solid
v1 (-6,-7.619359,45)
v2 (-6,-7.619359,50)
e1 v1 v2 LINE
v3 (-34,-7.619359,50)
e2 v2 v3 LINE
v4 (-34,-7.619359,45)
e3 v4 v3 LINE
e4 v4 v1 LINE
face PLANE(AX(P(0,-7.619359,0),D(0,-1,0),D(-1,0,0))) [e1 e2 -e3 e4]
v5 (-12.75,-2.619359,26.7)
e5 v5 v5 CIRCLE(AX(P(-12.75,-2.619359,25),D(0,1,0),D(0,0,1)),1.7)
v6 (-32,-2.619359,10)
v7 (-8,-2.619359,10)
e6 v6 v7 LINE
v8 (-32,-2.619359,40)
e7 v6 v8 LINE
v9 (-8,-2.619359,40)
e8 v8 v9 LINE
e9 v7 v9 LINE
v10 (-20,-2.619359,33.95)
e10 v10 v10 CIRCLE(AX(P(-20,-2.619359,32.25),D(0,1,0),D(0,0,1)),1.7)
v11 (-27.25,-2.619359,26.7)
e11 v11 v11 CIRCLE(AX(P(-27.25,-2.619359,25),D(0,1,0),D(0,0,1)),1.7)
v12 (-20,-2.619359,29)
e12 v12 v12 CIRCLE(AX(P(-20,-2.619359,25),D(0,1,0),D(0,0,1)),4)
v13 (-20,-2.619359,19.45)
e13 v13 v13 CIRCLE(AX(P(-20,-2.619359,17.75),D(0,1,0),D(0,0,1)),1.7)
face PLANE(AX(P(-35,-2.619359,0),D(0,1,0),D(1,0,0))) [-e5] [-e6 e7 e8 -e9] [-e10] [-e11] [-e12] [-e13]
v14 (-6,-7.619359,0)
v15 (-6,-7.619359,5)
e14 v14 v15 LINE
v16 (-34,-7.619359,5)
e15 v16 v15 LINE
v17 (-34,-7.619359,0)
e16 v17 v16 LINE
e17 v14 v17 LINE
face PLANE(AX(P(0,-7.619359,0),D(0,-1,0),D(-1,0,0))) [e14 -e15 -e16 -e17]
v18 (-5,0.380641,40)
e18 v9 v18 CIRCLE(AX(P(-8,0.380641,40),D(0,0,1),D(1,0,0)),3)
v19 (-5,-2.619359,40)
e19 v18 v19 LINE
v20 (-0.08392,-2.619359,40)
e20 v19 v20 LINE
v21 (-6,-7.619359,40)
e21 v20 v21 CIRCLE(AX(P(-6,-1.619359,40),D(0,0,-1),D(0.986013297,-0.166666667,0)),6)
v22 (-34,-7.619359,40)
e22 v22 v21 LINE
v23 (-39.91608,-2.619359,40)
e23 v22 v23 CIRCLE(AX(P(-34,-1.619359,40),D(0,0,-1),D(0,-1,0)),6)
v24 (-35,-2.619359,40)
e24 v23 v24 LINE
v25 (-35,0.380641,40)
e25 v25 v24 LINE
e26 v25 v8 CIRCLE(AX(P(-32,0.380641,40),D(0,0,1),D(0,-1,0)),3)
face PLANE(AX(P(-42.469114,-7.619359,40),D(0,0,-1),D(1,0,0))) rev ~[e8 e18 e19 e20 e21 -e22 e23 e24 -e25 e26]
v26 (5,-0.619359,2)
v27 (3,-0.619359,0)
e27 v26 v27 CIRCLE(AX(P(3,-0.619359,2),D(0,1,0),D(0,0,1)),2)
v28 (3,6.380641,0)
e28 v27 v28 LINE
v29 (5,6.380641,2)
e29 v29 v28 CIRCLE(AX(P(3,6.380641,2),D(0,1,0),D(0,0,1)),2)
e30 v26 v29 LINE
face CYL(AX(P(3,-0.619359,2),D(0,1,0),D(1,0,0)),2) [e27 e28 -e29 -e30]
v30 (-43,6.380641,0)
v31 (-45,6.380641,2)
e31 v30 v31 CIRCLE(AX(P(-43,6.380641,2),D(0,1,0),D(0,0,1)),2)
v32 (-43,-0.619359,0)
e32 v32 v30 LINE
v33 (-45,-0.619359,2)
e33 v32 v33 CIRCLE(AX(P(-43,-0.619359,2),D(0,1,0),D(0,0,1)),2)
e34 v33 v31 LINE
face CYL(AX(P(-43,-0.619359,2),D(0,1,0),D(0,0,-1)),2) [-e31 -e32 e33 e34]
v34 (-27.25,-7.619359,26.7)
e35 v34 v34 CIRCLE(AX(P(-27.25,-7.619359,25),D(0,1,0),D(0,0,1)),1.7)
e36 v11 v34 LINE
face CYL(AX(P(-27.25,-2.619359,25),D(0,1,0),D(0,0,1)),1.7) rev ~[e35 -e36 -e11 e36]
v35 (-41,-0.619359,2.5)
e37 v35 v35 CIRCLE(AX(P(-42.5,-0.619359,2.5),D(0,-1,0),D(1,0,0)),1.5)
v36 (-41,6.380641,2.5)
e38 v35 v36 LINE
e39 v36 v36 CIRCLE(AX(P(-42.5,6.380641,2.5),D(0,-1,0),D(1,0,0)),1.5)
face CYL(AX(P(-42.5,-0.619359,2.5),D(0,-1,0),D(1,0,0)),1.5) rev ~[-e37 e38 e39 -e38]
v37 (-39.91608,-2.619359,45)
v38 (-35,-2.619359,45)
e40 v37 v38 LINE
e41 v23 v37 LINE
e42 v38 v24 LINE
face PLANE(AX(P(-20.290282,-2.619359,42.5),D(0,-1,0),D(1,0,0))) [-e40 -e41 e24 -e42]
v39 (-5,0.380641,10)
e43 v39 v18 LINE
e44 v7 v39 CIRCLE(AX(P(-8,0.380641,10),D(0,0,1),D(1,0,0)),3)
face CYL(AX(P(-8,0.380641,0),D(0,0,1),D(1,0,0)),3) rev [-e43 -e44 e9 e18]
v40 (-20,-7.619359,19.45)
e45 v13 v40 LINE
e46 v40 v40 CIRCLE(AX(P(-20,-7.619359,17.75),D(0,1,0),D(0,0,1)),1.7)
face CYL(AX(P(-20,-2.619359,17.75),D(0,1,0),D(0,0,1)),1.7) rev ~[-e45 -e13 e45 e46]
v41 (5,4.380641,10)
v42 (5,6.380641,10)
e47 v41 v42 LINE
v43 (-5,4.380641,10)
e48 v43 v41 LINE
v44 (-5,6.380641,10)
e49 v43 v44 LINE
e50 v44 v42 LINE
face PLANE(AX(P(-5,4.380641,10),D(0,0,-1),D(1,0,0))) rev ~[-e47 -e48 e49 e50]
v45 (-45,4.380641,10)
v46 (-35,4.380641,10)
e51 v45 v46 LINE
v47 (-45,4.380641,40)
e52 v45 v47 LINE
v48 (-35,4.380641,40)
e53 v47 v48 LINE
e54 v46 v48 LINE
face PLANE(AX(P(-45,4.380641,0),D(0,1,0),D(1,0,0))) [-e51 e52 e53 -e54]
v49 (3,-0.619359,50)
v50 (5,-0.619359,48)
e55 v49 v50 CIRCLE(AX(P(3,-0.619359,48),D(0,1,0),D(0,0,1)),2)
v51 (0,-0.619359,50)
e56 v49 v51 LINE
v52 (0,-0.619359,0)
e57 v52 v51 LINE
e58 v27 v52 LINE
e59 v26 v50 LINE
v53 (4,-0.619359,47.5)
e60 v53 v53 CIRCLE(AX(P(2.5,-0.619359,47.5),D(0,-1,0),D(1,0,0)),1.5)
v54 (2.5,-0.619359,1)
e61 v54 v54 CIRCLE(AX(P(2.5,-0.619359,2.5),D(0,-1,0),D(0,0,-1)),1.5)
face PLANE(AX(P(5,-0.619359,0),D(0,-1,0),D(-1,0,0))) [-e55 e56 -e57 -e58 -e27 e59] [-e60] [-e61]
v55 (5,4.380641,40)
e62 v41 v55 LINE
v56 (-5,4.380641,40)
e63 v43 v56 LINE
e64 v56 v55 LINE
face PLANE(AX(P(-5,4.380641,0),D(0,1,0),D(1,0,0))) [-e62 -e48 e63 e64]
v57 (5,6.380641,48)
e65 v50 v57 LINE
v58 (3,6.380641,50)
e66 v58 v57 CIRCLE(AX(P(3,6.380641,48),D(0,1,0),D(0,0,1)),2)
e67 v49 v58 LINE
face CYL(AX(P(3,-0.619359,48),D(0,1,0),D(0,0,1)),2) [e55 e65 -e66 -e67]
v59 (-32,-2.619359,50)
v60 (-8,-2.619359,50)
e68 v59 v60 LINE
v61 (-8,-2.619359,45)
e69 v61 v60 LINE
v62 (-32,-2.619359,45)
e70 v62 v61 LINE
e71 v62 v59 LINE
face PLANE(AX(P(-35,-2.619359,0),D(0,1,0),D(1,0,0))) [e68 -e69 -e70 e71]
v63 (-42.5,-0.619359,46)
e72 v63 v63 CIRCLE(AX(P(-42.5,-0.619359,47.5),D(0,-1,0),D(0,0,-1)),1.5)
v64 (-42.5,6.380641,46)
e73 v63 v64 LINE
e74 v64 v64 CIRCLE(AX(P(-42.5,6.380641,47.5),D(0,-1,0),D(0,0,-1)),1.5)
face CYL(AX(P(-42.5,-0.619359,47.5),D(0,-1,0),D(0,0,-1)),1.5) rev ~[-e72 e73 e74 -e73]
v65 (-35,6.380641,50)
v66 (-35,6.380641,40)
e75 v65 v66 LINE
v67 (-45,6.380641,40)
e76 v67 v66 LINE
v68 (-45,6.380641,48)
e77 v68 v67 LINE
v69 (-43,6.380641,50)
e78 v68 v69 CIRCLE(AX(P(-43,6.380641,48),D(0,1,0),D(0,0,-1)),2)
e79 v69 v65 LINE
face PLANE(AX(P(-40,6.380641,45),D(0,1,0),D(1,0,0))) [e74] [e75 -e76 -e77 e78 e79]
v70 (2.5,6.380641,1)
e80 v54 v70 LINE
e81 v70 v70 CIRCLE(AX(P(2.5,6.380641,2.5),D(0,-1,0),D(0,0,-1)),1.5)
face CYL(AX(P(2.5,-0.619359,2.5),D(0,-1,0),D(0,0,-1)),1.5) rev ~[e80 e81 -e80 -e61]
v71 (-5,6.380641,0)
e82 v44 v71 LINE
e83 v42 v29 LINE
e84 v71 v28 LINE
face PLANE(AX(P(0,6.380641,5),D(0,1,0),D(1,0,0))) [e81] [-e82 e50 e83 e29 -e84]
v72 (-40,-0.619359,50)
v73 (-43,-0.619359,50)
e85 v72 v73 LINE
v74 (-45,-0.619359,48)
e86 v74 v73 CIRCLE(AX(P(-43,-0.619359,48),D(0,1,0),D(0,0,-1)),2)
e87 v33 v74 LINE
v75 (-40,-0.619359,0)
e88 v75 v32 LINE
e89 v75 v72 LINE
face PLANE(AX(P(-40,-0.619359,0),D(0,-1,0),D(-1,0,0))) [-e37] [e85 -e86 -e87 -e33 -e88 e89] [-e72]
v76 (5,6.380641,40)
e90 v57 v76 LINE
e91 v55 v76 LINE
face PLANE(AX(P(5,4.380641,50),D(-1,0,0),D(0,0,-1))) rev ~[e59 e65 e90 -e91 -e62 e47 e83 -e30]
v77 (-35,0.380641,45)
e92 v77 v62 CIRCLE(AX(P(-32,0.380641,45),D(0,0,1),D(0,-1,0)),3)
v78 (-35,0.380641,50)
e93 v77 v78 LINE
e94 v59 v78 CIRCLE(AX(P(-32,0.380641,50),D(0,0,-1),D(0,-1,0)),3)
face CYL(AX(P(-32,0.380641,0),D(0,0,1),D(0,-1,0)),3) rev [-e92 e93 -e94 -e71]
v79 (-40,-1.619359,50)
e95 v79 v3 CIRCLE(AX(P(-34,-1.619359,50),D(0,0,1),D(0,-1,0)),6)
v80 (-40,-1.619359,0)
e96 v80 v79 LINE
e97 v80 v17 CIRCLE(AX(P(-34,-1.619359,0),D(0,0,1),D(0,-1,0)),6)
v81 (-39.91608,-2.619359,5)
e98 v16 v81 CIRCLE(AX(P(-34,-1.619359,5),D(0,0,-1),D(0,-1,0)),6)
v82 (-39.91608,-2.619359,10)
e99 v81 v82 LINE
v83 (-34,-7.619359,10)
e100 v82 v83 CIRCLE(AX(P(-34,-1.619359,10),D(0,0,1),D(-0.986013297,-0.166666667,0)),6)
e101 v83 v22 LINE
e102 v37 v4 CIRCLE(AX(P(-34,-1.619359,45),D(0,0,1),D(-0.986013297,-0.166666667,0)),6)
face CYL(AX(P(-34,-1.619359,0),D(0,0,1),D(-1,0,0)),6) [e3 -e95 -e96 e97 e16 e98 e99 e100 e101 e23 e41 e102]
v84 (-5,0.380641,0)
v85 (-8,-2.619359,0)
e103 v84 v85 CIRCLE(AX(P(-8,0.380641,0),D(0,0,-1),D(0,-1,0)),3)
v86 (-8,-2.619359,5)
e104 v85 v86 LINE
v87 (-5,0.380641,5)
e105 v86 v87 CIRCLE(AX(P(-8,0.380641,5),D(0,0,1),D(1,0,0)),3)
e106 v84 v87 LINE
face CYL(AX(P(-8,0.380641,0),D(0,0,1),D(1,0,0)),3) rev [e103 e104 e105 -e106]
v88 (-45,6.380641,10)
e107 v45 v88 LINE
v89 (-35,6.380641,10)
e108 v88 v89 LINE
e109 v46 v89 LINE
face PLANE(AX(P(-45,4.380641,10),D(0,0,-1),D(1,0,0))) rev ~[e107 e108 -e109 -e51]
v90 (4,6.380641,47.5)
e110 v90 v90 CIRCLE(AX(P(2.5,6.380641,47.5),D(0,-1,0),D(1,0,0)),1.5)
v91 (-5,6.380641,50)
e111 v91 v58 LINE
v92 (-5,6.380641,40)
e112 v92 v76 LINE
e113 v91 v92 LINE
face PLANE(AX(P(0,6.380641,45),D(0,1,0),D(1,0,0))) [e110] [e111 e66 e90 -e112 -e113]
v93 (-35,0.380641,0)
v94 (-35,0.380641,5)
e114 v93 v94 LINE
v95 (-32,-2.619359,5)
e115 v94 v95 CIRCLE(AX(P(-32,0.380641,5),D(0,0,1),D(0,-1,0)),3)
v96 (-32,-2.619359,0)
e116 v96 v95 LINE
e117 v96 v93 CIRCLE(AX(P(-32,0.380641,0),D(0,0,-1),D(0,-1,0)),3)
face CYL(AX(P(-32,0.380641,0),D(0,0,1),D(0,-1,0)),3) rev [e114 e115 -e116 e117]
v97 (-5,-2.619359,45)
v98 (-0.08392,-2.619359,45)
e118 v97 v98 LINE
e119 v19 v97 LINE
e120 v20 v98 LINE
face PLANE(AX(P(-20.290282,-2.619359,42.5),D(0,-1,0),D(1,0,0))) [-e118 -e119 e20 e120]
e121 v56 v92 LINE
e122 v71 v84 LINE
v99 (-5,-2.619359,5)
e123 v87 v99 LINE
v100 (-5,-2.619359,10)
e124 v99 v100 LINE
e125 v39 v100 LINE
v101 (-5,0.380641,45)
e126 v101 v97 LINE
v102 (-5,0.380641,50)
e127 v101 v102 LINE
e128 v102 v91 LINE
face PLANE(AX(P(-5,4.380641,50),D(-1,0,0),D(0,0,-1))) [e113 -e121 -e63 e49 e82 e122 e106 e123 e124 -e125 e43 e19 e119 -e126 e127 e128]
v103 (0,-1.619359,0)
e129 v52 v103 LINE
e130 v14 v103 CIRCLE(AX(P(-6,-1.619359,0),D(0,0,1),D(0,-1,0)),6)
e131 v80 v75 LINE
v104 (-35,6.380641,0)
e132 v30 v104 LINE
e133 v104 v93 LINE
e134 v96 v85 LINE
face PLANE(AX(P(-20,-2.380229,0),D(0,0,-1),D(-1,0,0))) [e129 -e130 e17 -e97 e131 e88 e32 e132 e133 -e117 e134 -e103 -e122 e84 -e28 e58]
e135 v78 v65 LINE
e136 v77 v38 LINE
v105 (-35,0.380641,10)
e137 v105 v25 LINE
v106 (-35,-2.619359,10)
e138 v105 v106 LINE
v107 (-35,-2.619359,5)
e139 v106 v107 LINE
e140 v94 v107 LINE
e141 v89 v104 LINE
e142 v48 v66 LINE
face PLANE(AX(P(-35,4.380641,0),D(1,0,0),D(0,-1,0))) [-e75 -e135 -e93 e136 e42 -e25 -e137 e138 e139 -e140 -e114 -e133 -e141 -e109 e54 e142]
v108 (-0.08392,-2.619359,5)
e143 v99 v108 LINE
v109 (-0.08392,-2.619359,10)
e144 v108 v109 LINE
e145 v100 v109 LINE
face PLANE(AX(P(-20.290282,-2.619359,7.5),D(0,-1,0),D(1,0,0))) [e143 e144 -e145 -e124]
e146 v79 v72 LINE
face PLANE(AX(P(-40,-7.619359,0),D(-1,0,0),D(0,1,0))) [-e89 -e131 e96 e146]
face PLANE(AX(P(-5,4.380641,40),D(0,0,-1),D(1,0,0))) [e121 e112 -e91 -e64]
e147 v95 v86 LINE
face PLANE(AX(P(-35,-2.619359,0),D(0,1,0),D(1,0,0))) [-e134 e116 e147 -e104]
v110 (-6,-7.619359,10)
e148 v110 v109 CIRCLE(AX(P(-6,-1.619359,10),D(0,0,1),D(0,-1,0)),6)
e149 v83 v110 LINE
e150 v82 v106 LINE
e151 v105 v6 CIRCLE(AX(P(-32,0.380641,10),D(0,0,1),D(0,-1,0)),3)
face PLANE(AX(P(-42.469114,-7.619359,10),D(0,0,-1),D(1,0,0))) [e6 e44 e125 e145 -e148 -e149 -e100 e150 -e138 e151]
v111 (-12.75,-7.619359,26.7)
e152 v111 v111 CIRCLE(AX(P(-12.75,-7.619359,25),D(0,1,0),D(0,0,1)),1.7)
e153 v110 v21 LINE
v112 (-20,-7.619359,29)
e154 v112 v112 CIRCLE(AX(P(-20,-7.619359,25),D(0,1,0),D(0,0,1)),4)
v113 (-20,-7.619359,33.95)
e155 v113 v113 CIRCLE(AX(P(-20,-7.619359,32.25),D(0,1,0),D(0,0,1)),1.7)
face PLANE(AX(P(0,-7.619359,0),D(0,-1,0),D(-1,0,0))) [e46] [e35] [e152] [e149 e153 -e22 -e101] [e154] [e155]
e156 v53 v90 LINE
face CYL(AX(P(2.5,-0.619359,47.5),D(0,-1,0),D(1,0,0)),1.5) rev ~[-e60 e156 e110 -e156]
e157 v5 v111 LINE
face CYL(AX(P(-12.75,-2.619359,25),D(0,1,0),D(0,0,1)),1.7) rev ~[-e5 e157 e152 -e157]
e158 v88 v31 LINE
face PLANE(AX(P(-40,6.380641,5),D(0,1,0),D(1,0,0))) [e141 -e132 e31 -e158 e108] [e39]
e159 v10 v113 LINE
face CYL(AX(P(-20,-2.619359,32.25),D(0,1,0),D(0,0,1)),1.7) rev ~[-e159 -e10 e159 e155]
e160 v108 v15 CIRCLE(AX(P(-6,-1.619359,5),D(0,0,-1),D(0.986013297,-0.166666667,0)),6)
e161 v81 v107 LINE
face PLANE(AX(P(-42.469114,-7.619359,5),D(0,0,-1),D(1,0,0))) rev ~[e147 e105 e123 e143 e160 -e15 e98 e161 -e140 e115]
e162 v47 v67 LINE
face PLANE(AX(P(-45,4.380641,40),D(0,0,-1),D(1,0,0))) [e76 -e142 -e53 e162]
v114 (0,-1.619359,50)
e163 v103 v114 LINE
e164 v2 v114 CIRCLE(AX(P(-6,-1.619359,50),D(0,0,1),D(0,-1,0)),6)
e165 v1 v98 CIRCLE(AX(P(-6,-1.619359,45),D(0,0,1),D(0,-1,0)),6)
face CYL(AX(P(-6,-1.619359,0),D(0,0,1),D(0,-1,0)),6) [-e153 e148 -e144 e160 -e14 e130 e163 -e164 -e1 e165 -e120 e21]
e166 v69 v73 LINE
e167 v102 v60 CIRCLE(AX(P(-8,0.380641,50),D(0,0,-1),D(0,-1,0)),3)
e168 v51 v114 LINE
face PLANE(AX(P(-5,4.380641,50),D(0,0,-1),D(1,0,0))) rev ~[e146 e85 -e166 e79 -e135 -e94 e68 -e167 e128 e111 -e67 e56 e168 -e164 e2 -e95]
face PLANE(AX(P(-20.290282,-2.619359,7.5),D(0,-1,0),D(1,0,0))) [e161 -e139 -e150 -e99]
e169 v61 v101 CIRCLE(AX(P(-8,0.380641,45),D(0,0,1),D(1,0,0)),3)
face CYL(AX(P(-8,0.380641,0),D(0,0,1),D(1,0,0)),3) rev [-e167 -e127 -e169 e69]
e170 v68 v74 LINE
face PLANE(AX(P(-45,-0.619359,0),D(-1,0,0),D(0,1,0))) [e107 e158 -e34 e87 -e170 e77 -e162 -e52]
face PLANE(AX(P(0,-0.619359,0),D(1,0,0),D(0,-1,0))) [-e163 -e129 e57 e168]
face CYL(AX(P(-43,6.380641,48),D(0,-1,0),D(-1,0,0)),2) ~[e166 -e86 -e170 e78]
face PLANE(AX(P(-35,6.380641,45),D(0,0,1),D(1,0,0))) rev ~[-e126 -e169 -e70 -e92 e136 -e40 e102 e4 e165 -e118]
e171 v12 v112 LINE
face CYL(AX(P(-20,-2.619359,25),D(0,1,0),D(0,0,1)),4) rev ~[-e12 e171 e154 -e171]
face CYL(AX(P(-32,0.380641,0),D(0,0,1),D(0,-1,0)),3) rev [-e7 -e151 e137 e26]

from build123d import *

# Parameters (mm, degrees)
EXTRUDE_1_DEPTH     = 50
SKETCH_2_R          = 4
SKETCH_2_R_2        = 1.7
CUT_EXTRUDE_1_DEPTH = 50
SKETCH_3_W          = 10
SKETCH_3_H          = 10
EXTRUDE_2_DEPTH     = 2
FILLET_1_R          = 6
FILLET_2_R          = 6
FILLET_3_R          = 3
FILLET_4_R          = 3
SKETCH_5_R          = 1.5
CUT_EXTRUDE_2_DEPTH = 23
FILLET_5_R          = 2
FILLET_6_R          = 2
FILLET_7_R          = 2
FILLET_8_R          = 2
SKETCH_7_W          = 44.35766487
SKETCH_7_H          = 5
CUT_EXTRUDE_4_DEPTH = 5
CUT_EXTRUDE_5_DEPTH = 31


with BuildPart() as part:
    # 草图1 → 凸台-拉伸1 (new body)
    with BuildSketch(Plane.XY):
        Polygon((-45, 4.380640832), (-35, 4.380640832), (-35, -2.619359168), (-5, -2.619359168), (-5, 4.380640832), (5, 4.380640832), (5, -0.619359168), (0, -0.619359168), (0, -7.619359168), (-40, -7.619359168), (-40, -0.619359168), (-45, -0.619359168), align=None)
    extrude(amount=EXTRUDE_1_DEPTH)

    # 草图2 → 切除-拉伸1 (cut)
    with BuildSketch(Plane(origin=(0, -2.619359168, 0), x_dir=(1, 0, 0), z_dir=(0, 1, 0))):
        with Locations(Location((-20, -25, 0), (0, 0, 270))):
            Circle(SKETCH_2_R)
        with Locations(Location((-20, -17.75, 0), (0, 0, 270))):
            Circle(SKETCH_2_R_2)
        with Locations(Location((-12.75, -25, 0), (0, 0, 270))):
            Circle(SKETCH_2_R_2)
        with Locations(Location((-20, -32.25, 0), (0, 0, 270))):
            Circle(SKETCH_2_R_2)
        with Locations(Location((-27.25, -25, 0), (0, 0, 270))):
            Circle(SKETCH_2_R_2)
    extrude(amount=-CUT_EXTRUDE_1_DEPTH, mode=Mode.SUBTRACT)

    # 草图3 → 凸台-拉伸2 (add)
    with BuildSketch(Plane(origin=(0, 4.380640832, 0), x_dir=(1, 0, 0), z_dir=(0, 1, 0))):
        with Locations((0, -45)):
            Rectangle(SKETCH_3_W, SKETCH_3_H)
        with Locations((-40, -45)):
            Rectangle(SKETCH_3_W, SKETCH_3_H)
        with Locations((-40, -5)):
            Rectangle(SKETCH_3_W, SKETCH_3_H)
        with Locations((0, -5)):
            Rectangle(SKETCH_3_W, SKETCH_3_H)
    extrude(amount=EXTRUDE_2_DEPTH)

    # 圆角1
    fillet_1_edges = [part.edges().sort_by_distance(p)[0] for p in [
        (-40, -7.619359168, 25),
    ]]
    fillet(fillet_1_edges, radius=FILLET_1_R)

    # 圆角2
    fillet_2_edges = [part.edges().sort_by_distance(p)[0] for p in [
        (0, -7.619359168, 25),
    ]]
    fillet(fillet_2_edges, radius=FILLET_2_R)

    # 圆角3
    fillet_3_edges = [part.edges().sort_by_distance(p)[0] for p in [
        (-5, -2.619359168, 25),
    ]]
    fillet(fillet_3_edges, radius=FILLET_3_R)

    # 圆角4
    fillet_4_edges = [part.edges().sort_by_distance(p)[0] for p in [
        (-35, -2.619359168, 25),
    ]]
    fillet(fillet_4_edges, radius=FILLET_4_R)

    # 草图5 → 切除-拉伸2 (cut)
    with BuildSketch(Plane.XZ.offset(0.619359168)):
        with Locations((2.5, 47.5)):
            Circle(SKETCH_5_R)
        with Locations(Location((2.5, 2.5, 0), (0, 0, 270))):
            Circle(SKETCH_5_R)
        with Locations((-42.5, 2.5)):
            Circle(SKETCH_5_R)
        with Locations(Location((-42.5, 47.5, 0), (0, 0, 270))):
            Circle(SKETCH_5_R)
    extrude(amount=-CUT_EXTRUDE_2_DEPTH, mode=Mode.SUBTRACT)

    # 圆角5
    fillet_5_edges = [part.edges().sort_by_distance(p)[0] for p in [
        (5, 2.880640832, 50),
    ]]
    fillet(fillet_5_edges, radius=FILLET_5_R)

    # 圆角6
    fillet_6_edges = [part.edges().sort_by_distance(p)[0] for p in [
        (5, 2.880640832, 0),
    ]]
    fillet(fillet_6_edges, radius=FILLET_6_R)

    # 圆角7
    fillet_7_edges = [part.edges().sort_by_distance(p)[0] for p in [
        (-45, 2.880640832, 0),
    ]]
    fillet(fillet_7_edges, radius=FILLET_7_R)

    # 圆角8
    fillet_8_edges = [part.edges().sort_by_distance(p)[0] for p in [
        (-45, 2.880640832, 50),
    ]]
    fillet(fillet_8_edges, radius=FILLET_8_R)

    # 草图7 → 切除-拉伸4 (cut)
    with BuildSketch(Plane.XZ.offset(7.619359168)):
        with Locations((-20.290282059, 42.5)):
            Rectangle(SKETCH_7_W, SKETCH_7_H)
        with Locations((-20.290282059, 7.5)):
            Rectangle(SKETCH_7_W, SKETCH_7_H)
    extrude(amount=-CUT_EXTRUDE_4_DEPTH, mode=Mode.SUBTRACT)

    # 草图8 → 切除-拉伸5 (cut)
    with BuildSketch(Plane(origin=(0, 6.380640832, 0), x_dir=(1, 0, 0), z_dir=(0, 1, 0))):
        Polygon((-5, -40), (-8, -40), (-35, -40), (-35, -45), (-5, -45), align=None)
        Polygon((-35, -10), (-8, -10), (-5, -10), (-5, -5), (-35, -5), align=None)
    extrude(amount=-CUT_EXTRUDE_5_DEPTH, mode=Mode.SUBTRACT)


solid = part.part
